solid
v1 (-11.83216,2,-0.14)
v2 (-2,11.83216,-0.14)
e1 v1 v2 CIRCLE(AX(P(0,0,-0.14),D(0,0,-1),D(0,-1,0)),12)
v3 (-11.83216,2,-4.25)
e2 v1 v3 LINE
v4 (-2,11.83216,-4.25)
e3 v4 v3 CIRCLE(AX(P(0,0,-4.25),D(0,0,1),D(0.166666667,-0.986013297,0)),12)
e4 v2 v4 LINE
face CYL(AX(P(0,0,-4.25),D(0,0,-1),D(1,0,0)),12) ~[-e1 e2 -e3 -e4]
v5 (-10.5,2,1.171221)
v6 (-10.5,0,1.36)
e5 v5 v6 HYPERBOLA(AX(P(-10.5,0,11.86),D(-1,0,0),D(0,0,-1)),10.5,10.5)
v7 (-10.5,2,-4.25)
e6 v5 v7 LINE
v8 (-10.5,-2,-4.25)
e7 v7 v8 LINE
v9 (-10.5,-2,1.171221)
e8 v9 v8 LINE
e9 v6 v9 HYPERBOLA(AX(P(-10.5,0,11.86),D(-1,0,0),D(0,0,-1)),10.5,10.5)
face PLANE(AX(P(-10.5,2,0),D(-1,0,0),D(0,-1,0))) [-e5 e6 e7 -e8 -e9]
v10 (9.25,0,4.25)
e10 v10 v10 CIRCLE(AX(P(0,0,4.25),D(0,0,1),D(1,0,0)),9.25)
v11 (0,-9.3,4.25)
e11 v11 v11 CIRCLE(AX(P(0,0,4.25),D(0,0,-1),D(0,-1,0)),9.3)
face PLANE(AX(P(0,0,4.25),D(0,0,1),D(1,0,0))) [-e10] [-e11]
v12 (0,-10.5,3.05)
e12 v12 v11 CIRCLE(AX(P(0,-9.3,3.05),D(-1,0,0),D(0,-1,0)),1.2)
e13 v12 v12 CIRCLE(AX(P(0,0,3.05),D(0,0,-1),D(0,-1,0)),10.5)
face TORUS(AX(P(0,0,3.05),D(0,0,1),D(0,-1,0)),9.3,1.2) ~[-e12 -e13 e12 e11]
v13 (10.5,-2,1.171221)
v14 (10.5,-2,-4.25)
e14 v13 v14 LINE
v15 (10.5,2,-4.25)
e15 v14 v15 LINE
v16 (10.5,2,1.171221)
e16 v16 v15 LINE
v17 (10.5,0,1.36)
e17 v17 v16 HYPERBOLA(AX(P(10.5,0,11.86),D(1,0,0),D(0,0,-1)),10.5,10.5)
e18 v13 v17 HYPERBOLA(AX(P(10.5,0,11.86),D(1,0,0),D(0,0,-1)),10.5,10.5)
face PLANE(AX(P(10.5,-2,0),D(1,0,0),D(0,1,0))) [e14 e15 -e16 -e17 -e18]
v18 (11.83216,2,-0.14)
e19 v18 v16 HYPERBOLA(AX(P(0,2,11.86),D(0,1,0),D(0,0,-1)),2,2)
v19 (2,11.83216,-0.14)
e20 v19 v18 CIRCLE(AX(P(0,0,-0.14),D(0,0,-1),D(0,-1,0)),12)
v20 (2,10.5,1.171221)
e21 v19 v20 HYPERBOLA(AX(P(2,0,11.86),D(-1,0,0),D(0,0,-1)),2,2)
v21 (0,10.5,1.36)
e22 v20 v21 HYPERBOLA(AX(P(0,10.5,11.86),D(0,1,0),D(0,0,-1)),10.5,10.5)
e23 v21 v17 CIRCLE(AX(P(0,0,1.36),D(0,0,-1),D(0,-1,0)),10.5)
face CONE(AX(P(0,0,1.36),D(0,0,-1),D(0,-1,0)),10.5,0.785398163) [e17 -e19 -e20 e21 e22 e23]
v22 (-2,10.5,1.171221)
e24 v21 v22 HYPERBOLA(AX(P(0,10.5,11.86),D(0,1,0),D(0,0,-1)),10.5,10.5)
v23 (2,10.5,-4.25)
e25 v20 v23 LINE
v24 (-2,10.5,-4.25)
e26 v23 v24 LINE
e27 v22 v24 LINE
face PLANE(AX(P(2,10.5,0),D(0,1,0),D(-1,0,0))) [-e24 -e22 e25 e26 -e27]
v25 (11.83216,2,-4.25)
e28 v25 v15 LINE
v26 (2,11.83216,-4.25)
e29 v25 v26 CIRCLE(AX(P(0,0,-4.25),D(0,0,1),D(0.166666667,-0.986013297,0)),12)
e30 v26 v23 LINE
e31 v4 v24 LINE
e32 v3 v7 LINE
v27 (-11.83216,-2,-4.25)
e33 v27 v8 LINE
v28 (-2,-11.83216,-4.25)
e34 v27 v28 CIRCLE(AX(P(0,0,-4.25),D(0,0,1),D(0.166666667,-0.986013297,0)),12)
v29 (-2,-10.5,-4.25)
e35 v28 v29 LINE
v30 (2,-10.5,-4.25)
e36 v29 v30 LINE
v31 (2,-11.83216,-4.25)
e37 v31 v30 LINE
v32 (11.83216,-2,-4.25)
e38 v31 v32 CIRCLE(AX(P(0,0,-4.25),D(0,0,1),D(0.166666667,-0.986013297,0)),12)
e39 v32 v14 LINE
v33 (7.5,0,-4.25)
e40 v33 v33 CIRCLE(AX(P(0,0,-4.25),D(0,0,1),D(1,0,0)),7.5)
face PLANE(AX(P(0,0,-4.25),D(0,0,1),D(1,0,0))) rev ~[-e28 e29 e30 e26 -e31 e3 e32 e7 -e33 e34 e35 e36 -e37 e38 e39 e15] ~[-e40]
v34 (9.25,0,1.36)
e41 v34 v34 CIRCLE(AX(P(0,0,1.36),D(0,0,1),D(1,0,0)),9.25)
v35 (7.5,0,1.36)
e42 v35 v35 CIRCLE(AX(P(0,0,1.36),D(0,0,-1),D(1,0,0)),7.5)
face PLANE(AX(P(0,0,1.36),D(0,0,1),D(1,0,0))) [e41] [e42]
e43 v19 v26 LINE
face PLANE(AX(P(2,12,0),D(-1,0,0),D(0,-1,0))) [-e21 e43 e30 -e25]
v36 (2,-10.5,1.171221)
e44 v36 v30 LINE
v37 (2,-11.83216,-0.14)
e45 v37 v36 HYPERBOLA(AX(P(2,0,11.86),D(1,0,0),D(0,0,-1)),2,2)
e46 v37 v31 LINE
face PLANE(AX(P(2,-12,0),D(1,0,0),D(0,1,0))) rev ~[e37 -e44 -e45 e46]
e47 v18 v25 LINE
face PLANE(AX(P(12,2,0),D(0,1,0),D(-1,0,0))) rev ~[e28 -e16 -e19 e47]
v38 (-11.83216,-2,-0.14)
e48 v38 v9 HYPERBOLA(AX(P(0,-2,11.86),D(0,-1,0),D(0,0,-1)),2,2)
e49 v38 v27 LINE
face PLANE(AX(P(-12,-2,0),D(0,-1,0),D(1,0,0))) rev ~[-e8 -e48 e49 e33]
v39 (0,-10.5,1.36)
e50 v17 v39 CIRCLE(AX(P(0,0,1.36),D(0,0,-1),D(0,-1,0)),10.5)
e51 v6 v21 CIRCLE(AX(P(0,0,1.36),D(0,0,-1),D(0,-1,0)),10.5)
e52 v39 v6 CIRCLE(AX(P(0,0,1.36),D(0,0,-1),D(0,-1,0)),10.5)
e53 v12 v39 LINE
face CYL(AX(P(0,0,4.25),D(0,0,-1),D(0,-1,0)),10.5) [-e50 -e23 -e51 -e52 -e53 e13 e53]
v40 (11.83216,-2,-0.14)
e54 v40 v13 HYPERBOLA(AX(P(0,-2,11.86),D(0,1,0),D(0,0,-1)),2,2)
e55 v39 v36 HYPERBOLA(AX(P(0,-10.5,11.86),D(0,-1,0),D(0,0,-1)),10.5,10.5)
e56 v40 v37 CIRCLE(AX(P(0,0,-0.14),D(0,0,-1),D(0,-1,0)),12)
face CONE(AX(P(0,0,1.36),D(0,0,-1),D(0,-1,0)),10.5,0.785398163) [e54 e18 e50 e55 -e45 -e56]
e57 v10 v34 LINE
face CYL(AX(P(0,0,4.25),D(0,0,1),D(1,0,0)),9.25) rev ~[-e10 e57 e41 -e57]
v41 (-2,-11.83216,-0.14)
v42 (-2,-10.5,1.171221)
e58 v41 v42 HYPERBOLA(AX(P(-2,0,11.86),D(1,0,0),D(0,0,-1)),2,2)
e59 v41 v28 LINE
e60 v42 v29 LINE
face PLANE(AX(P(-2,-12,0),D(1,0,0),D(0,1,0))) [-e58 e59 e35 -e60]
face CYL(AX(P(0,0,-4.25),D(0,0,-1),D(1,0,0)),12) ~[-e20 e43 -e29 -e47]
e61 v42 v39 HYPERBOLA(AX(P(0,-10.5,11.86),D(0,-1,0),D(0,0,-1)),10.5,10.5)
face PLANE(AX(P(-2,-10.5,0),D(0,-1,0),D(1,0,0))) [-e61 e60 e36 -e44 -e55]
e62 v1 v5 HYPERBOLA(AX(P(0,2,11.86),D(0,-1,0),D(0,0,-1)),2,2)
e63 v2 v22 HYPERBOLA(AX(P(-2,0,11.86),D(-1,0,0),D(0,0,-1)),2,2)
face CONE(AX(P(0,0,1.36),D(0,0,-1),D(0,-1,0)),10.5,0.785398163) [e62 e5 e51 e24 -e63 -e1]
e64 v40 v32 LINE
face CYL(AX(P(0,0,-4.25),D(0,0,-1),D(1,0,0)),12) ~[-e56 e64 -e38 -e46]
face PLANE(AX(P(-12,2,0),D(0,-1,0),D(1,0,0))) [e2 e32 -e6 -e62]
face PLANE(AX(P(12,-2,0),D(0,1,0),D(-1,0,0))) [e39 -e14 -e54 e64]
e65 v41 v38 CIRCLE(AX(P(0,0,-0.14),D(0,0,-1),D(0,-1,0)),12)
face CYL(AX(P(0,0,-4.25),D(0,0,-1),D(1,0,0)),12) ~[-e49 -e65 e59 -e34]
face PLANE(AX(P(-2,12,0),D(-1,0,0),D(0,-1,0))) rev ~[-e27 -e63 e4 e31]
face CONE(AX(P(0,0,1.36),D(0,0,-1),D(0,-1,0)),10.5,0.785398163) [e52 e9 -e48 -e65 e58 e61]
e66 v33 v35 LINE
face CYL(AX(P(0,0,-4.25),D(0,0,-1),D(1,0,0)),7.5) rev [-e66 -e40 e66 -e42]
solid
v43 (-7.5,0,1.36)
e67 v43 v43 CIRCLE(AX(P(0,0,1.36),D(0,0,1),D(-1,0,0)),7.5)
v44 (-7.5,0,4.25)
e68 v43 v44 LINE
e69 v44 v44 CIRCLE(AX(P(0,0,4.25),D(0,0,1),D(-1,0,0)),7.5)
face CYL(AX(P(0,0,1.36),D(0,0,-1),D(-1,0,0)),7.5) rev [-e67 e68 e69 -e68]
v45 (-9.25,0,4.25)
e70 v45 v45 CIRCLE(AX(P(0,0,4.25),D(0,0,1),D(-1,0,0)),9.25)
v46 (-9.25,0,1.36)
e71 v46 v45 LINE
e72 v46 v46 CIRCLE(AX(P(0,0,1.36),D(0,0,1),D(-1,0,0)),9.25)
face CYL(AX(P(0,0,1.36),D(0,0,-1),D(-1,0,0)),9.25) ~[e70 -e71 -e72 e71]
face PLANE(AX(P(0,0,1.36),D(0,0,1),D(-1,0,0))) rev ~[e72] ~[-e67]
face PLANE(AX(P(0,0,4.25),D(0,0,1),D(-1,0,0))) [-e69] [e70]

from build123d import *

# Parameters (mm, degrees)
BOSS_EXTRUDE1_DEPTH      = 4.25
BOSS_EXTRUDE1_DEPTH_BACK = 4.25
SKETCH4_R                = 12
SKETCH4_R_2              = 7.5
SKETCH5_R                = 12
SKETCH5_R_2              = 11
CUT_EXTRUDE1_DEPTH       = 0.5
SKETCH16_W               = 4
SKETCH16_H               = 1.5
CUT_EXTRUDE7_DEPTH       = 18.494642037
CIRPATTERN1_COUNT        = 4
FILLET1_R                = 1.2
SKETCH19_R               = 9.25
CUT_EXTRUDE8_DEPTH       = 2.89
SKETCH20_R               = 9.25
SKETCH20_R_2             = 7.5
BOSS_EXTRUDE2_DEPTH      = 2.89


with BuildPart() as part:
    # Sketch4 → Boss-Extrude1 (new, two sides: drawn at the far end of the back side and taken through both)
    with BuildSketch(Plane.XY.offset(-BOSS_EXTRUDE1_DEPTH_BACK)):
        Circle(SKETCH4_R)
        Circle(SKETCH4_R_2, mode=Mode.SUBTRACT)
    extrude(amount=BOSS_EXTRUDE1_DEPTH + BOSS_EXTRUDE1_DEPTH_BACK)

    # Sketch5 → Cut-Extrude1 (cut)
    with BuildSketch(Plane.XY.offset(4.25)):
        Circle(SKETCH5_R)
        Circle(SKETCH5_R_2, mode=Mode.SUBTRACT)
    extrude(amount=-CUT_EXTRUDE1_DEPTH, mode=Mode.SUBTRACT)

    # Sketch16 → Cut-Extrude7 (cut, symmetric)
    with BuildSketch(Plane.XY):
        with Locations((0, -11.25)):
            Rectangle(SKETCH16_W, SKETCH16_H)
    cut_extrude7 = extrude(amount=CUT_EXTRUDE7_DEPTH, both=True, mode=Mode.SUBTRACT)

    # CirPattern1: Cut-Extrude7 ×4 about axis
    cirpattern1_axis = Axis((0, 0, 0), (0, 0, 1))
    for i in range(1, CIRPATTERN1_COUNT):
        add(cut_extrude7.rotate(cirpattern1_axis, i * 360 / CIRPATTERN1_COUNT), mode=Mode.SUBTRACT)

    # Sketch18 → Cut-Revolve1 (revolve, cut)
    with BuildSketch(Plane(origin=(0, 0, 0), x_dir=(0, 0, -1), z_dir=(1, 0, 0)), mode=Mode.PRIVATE) as cut_revolve1_sk:
        Polygon((-1.36, 10.5), (0.14, 12), (-4.25, 12), (-4.25, 10.5), align=None)
    revolve(cut_revolve1_sk.sketch.rotate(Axis((0, 0, 4.25), (0, 0, -1)), 180), axis=Axis((0, 0, 4.25), (0, 0, -1)), mode=Mode.SUBTRACT)

    # Fillet1
    fillet1_edges = [part.edges().sort_by_distance(p)[0] for p in [
        (0, 10.5, 4.25),
    ]]
    fillet(fillet1_edges, radius=FILLET1_R)

    # Sketch19 → Cut-Extrude8 (cut)
    with BuildSketch(Plane.XY.offset(4.25)):
        Circle(SKETCH19_R)
    extrude(amount=-CUT_EXTRUDE8_DEPTH, mode=Mode.SUBTRACT)


with BuildPart() as body_2:
    # Sketch20 → Boss-Extrude2 (new body)
    with BuildSketch(Plane.XY.offset(1.36)):
        with Locations(Location((0, 0, 0), (0, 0, 180))):
            Circle(SKETCH20_R)
        with Locations(Location((0, 0, 0), (0, 0, 180))):
            Circle(SKETCH20_R_2, mode=Mode.SUBTRACT)
    extrude(amount=BOSS_EXTRUDE2_DEPTH)


solid = Compound([part.part, body_2.part])
